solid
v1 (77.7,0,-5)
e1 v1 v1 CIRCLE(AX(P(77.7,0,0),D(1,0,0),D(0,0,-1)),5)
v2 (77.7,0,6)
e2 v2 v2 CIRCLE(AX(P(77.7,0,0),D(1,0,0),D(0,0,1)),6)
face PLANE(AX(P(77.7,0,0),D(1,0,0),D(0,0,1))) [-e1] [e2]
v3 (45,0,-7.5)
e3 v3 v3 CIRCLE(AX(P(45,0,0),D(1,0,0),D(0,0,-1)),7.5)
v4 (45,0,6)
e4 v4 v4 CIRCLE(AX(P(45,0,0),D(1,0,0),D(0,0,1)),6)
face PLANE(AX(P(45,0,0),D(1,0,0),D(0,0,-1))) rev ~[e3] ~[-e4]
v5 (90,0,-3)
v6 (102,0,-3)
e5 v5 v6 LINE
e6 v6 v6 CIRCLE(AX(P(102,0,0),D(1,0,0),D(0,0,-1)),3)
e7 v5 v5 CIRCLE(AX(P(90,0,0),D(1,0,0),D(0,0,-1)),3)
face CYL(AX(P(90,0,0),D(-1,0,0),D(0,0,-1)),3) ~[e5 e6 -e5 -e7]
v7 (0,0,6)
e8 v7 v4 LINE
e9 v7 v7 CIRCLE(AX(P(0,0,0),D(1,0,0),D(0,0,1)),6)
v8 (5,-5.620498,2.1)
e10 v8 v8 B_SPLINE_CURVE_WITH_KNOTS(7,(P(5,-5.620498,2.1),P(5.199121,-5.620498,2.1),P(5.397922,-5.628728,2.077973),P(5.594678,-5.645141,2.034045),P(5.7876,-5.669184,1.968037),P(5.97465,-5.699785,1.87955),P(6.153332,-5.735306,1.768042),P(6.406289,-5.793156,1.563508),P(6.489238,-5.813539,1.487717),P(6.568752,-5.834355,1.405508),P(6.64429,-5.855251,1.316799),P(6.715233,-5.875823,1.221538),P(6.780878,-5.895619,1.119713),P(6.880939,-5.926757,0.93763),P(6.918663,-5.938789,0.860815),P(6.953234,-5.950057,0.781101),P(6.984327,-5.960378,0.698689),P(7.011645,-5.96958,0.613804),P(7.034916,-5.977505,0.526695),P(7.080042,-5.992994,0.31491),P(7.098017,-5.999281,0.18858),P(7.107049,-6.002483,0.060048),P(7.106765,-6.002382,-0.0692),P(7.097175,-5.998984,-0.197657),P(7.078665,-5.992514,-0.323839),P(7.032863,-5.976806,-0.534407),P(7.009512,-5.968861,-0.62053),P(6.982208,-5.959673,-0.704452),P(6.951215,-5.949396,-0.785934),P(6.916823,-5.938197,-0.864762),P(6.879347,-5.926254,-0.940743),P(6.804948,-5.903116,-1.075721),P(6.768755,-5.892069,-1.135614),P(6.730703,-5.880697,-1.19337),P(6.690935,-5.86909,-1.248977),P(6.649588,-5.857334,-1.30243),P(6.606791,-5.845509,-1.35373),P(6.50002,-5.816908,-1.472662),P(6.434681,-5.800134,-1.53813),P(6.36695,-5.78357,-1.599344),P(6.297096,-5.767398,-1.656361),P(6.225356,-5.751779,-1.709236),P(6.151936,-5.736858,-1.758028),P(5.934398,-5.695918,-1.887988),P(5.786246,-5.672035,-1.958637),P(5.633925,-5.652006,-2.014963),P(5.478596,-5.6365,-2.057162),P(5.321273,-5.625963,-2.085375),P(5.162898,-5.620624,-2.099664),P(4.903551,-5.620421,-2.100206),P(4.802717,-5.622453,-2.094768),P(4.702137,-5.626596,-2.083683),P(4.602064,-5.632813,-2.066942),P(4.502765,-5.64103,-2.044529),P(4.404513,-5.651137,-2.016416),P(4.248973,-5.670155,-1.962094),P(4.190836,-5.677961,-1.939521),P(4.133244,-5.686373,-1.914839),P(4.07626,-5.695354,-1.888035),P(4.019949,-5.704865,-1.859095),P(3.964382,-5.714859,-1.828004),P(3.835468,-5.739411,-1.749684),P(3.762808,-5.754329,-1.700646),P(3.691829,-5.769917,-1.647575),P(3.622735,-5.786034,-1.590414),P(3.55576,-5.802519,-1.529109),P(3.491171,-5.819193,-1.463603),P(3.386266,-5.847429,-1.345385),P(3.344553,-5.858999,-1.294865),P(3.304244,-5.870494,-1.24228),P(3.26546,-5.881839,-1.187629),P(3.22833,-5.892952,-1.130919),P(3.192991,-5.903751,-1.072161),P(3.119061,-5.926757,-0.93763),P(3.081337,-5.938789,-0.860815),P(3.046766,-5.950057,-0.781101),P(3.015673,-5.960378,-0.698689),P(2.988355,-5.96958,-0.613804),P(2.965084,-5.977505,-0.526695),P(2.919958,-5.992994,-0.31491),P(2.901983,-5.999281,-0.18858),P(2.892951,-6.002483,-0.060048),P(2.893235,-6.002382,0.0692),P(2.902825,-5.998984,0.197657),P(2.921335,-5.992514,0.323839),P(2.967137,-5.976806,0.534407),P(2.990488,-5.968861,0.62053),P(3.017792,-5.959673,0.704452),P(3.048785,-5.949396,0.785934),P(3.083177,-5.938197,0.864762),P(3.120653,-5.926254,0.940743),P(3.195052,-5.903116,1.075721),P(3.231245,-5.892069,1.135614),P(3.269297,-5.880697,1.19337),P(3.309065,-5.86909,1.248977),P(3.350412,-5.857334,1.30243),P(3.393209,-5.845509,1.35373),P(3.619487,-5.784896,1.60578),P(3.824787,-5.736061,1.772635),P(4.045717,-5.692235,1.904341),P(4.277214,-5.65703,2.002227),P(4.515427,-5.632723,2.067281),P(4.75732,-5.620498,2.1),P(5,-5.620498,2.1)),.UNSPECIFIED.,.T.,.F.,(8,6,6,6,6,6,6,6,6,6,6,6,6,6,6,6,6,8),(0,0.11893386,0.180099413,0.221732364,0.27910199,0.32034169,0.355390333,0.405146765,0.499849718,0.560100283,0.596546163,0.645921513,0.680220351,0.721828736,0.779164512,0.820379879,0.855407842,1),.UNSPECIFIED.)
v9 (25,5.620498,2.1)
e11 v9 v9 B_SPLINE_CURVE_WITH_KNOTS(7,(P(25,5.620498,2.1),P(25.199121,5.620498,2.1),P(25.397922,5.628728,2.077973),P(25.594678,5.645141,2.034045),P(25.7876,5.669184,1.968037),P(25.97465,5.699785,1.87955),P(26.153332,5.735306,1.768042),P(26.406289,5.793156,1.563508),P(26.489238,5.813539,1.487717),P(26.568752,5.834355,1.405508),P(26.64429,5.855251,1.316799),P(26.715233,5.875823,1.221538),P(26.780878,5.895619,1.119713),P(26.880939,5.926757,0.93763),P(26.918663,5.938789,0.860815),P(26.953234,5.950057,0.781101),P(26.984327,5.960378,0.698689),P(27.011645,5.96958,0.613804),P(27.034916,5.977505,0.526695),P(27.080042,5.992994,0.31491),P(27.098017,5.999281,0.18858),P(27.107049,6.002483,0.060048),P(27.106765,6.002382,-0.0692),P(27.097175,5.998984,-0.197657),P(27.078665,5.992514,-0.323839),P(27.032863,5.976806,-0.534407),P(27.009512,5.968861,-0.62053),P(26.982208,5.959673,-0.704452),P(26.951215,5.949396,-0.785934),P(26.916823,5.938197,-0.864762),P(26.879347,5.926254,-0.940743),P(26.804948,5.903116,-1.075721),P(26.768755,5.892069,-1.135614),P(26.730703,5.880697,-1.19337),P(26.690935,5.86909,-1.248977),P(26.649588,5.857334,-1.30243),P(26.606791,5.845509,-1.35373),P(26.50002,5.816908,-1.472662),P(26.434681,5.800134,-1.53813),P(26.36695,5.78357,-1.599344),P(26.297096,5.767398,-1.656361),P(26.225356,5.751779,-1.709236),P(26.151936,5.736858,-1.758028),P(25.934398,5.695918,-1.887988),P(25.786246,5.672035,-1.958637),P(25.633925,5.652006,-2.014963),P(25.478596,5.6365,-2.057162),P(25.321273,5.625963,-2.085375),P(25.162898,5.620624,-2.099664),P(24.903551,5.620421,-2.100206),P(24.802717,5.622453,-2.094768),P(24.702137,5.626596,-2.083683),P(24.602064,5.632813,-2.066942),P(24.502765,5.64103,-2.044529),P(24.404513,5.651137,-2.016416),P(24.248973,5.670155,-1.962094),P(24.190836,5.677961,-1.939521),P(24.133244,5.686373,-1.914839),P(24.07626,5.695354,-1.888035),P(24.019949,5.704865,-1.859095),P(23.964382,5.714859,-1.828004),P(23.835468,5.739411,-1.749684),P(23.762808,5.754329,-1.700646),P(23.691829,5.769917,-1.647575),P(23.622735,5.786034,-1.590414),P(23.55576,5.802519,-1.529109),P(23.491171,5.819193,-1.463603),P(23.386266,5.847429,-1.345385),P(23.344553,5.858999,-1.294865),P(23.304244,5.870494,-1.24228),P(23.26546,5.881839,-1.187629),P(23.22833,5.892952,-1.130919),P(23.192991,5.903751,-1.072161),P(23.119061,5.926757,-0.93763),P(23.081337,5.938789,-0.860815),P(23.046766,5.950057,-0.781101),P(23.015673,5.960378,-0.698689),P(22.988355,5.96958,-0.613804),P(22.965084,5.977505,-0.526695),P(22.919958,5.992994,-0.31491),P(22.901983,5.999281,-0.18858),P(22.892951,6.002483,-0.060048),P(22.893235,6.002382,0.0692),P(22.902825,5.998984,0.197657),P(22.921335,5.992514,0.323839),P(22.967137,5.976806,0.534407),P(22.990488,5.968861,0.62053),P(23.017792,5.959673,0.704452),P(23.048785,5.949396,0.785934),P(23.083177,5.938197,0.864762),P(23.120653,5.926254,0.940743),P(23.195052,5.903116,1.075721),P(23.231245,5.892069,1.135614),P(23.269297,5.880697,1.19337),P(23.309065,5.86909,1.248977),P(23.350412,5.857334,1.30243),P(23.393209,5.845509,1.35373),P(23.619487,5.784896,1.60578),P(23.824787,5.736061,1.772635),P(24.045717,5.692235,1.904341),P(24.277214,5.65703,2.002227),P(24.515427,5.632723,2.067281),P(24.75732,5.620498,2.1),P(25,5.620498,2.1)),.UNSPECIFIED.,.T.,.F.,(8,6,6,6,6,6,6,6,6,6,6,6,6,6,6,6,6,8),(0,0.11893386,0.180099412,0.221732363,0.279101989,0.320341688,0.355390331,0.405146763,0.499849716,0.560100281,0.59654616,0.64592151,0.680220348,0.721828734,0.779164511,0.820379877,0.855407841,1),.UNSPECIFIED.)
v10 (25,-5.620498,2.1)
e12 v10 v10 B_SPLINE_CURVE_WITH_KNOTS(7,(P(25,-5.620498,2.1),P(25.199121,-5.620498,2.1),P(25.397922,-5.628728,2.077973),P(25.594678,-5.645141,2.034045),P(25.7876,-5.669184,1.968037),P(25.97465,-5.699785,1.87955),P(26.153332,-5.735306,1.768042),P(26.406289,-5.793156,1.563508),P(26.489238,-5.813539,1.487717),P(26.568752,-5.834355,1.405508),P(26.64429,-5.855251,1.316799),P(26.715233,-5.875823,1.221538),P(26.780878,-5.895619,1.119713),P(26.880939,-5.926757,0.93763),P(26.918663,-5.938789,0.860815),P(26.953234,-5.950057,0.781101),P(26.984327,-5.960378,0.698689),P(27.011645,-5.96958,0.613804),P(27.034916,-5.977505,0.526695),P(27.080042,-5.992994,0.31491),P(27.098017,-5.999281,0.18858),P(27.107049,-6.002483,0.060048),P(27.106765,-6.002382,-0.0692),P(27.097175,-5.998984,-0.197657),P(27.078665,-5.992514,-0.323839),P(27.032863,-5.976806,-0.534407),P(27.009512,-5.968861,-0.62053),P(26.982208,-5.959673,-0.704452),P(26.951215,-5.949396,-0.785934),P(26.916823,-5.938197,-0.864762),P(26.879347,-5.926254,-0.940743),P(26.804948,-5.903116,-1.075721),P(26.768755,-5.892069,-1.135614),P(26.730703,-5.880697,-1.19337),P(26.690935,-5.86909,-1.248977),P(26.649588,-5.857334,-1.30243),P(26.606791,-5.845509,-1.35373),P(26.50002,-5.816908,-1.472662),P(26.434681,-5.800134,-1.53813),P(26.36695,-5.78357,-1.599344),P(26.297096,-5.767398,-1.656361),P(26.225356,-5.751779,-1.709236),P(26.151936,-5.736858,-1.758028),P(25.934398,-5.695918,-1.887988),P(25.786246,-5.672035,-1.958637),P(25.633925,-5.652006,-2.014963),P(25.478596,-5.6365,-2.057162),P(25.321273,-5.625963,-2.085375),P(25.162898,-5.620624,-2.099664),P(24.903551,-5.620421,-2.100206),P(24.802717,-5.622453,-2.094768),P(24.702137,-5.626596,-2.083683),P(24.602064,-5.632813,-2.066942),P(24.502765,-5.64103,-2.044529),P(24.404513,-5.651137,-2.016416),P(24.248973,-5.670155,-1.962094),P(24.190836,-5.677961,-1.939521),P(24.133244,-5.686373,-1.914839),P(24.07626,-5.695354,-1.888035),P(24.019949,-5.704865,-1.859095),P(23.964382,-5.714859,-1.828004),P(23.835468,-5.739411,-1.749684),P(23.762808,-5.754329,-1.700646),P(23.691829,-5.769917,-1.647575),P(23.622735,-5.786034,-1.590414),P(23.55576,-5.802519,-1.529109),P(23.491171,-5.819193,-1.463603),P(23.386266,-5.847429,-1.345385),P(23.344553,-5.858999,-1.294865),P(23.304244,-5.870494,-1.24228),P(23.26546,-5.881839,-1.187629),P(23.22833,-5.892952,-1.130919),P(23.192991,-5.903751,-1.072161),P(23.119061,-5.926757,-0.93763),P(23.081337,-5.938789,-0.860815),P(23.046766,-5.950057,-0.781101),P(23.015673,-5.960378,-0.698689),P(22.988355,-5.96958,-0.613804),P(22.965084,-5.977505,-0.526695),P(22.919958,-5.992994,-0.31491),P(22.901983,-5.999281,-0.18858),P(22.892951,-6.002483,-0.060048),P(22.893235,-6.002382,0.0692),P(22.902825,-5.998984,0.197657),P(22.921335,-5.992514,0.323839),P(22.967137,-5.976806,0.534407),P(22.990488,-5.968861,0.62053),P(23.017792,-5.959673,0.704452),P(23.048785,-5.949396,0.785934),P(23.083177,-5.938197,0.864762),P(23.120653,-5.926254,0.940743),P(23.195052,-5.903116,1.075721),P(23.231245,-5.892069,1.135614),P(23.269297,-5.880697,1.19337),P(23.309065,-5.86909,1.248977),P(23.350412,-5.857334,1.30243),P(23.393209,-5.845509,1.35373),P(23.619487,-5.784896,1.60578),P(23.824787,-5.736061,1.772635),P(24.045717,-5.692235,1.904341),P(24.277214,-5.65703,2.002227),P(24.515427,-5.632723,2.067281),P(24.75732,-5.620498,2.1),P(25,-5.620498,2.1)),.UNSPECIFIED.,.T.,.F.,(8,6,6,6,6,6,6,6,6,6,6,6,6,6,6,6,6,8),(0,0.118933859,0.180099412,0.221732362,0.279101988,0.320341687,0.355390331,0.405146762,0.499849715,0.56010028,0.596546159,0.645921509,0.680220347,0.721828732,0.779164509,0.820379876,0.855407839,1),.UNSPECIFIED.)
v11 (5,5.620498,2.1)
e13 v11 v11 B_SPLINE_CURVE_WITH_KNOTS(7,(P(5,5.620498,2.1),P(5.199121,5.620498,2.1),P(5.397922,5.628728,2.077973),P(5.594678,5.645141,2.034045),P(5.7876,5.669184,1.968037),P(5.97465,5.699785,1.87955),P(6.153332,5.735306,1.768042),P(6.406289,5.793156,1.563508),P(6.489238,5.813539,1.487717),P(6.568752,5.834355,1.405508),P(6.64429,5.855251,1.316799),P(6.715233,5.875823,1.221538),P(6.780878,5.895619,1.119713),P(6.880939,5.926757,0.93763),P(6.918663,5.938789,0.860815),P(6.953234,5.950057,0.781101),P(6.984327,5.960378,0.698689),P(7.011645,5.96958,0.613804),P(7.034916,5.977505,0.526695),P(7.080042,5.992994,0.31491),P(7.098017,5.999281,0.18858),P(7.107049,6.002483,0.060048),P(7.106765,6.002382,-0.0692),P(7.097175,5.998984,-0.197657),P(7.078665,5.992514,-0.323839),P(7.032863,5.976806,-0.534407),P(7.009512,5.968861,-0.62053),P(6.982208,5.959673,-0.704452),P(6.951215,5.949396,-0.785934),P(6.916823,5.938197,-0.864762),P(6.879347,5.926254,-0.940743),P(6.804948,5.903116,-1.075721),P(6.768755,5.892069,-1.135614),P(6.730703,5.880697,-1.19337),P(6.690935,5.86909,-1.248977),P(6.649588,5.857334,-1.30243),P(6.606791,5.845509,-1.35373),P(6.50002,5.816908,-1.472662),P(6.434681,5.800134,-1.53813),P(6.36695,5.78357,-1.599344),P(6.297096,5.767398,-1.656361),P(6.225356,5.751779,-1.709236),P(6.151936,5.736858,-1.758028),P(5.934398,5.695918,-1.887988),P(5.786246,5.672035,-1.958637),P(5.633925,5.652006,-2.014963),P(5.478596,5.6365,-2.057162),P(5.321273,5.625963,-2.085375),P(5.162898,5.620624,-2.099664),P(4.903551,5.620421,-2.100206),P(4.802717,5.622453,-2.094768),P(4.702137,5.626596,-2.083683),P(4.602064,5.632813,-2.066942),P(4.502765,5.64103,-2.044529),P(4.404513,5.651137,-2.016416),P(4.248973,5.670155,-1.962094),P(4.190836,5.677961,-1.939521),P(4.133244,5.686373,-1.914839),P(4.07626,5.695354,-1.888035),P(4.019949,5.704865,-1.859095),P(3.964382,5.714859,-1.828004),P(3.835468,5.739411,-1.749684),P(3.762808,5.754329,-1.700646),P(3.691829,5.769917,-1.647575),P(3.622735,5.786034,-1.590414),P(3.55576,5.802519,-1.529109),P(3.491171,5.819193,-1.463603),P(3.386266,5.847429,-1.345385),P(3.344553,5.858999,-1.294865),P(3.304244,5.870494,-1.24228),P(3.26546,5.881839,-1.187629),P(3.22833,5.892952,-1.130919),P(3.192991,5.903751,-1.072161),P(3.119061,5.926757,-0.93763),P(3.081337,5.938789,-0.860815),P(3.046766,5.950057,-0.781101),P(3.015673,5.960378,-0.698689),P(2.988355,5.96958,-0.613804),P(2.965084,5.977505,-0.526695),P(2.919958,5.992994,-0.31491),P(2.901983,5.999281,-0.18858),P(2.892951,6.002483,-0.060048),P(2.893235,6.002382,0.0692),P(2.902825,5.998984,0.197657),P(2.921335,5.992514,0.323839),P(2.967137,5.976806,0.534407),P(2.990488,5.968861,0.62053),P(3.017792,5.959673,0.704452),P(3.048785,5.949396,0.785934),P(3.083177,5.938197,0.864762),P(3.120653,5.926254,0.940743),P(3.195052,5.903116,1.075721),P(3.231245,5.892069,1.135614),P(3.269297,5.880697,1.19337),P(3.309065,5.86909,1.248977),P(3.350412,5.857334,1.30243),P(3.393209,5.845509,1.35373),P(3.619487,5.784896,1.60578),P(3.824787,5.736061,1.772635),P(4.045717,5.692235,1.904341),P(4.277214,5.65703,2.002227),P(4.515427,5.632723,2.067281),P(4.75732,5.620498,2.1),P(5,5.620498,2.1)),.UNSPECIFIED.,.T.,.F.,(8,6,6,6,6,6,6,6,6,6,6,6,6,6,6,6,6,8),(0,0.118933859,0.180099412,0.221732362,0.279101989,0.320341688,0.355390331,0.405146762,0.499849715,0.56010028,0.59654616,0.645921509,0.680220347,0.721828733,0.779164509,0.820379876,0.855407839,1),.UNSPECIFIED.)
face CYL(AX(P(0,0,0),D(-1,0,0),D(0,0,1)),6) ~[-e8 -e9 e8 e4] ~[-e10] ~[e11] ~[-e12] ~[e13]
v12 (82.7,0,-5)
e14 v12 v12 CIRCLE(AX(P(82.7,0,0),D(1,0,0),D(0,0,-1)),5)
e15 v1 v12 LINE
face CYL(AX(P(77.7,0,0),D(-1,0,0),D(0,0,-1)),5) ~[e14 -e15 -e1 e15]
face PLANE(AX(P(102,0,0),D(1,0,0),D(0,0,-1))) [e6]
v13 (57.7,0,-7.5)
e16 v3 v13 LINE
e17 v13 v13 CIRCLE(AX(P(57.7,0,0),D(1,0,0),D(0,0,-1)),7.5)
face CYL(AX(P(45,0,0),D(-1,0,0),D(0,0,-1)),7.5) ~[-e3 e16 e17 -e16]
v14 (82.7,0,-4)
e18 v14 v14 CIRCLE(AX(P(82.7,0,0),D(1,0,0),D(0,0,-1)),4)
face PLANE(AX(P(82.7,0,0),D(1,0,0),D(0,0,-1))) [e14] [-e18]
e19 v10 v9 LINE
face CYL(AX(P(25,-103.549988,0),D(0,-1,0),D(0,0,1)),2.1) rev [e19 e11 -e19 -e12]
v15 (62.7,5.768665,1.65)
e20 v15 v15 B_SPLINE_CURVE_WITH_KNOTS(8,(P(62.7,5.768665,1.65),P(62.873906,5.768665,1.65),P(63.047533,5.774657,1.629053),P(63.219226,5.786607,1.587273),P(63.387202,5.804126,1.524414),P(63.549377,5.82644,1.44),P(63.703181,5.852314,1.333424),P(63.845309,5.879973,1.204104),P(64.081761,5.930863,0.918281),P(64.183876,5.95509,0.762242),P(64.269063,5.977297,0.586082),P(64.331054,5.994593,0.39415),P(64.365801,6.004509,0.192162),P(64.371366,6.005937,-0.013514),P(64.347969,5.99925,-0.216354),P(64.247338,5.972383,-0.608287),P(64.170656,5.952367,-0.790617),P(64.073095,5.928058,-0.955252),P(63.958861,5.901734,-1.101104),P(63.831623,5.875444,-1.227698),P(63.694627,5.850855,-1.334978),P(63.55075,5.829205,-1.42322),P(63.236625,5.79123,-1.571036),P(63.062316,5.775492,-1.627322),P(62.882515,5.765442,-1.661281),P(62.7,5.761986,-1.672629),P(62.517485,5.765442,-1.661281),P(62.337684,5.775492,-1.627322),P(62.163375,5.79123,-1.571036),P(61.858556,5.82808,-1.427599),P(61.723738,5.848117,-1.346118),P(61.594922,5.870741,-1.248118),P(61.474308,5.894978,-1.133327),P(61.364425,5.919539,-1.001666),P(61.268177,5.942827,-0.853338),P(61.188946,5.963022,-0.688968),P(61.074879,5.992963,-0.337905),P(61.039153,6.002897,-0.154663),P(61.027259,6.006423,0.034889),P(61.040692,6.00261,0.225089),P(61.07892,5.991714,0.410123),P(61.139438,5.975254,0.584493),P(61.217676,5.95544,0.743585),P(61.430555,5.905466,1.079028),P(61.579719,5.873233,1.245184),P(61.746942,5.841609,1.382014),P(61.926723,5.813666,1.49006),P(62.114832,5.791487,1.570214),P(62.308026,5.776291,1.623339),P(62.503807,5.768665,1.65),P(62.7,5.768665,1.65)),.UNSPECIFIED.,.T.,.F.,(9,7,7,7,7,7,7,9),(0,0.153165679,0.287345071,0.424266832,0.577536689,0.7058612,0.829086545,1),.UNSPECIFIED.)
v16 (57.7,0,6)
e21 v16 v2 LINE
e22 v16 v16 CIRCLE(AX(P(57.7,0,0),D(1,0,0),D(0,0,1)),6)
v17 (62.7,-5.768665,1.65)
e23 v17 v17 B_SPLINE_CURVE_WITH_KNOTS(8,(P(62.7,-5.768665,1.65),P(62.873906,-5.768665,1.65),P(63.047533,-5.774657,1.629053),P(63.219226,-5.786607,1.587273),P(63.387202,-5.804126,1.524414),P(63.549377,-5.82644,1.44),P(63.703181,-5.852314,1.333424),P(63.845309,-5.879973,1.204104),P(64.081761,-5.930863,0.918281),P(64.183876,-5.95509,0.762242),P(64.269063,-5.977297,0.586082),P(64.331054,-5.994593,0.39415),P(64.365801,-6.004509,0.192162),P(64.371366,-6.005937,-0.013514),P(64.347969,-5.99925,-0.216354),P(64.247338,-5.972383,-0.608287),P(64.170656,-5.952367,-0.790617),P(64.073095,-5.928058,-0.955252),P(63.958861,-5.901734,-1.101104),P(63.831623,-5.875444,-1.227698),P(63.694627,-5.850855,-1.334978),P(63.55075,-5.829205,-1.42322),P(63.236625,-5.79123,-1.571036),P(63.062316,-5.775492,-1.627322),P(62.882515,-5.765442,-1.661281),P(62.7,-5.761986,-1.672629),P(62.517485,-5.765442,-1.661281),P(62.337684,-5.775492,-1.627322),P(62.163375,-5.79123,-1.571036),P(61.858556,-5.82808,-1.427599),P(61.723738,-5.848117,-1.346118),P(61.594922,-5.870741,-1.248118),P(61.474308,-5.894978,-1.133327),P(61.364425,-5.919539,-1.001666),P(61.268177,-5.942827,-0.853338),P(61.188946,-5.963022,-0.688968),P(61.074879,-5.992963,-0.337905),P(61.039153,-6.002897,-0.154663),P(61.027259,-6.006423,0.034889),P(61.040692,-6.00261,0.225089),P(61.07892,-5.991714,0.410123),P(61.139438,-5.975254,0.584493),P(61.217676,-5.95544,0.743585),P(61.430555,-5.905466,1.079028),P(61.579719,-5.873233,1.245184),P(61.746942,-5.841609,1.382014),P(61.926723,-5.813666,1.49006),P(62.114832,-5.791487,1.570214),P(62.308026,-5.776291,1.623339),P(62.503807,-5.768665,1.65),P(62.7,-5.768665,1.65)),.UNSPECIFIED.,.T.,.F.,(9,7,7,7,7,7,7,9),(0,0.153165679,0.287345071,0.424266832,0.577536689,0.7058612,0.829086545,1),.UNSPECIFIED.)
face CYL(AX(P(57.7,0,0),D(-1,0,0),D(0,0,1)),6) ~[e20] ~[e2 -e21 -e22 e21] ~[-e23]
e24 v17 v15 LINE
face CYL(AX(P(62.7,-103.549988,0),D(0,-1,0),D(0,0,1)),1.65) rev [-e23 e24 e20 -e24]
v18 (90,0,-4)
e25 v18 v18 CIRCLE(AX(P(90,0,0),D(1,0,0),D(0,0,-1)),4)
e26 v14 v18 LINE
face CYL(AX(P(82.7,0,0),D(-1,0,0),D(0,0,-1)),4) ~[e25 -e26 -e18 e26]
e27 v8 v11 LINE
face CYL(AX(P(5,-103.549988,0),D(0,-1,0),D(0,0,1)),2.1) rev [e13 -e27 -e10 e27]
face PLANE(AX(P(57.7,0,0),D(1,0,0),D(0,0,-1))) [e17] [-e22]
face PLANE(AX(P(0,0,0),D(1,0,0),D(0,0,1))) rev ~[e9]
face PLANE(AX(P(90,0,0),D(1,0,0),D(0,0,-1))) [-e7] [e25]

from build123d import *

# Parameters (mm, degrees)
SKETCH_1_R               = 6
EXTRUDE_1_DEPTH          = 45
SKETCH_2_R               = 7.5
EXTRUDE_2_DEPTH          = 12.7
SKETCH_3_R               = 6
EXTRUDE_3_DEPTH          = 20
SKETCH_4_R               = 5
EXTRUDE_4_DEPTH          = 5
SKETCH_5_R               = 4
EXTRUDE_5_DEPTH          = 7.3
SKETCH_6_R               = 3
EXTRUDE_6_DEPTH          = 12
CUT_EXTRUDE_1_DEPTH      = 103.549987811
CUT_EXTRUDE_1_DEPTH_BACK = 103.549987811
SKETCH_7_R               = 2.1
CUT_EXTRUDE_2_DEPTH      = 103.549987811
CUT_EXTRUDE_2_DEPTH_BACK = 103.549987811
SKETCH_8_R               = 1.65


with BuildPart() as part:
    # ｽｹｯﾁ1 → ﾎﾞｽ - 押し出し1 (new body)
    with BuildSketch(Plane(origin=(0, 0, 0), x_dir=(0, 0, -1), z_dir=(1, 0, 0))):
        with Locations(Location((0, 0, 0), (0, 0, 180))):
            Circle(SKETCH_1_R)
    extrude(amount=EXTRUDE_1_DEPTH)

    # ｽｹｯﾁ2 → ﾎﾞｽ - 押し出し2 (add)
    with BuildSketch(Plane(origin=(45, 0, 0), x_dir=(0, 0, -1), z_dir=(1, 0, 0))):
        Circle(SKETCH_2_R)
    extrude(amount=EXTRUDE_2_DEPTH)

    # ｽｹｯﾁ3 → ﾎﾞｽ - 押し出し3 (add)
    with BuildSketch(Plane(origin=(57.7, 0, 0), x_dir=(0, 0, -1), z_dir=(1, 0, 0))):
        with Locations(Location((0, 0, 0), (0, 0, 180))):
            Circle(SKETCH_3_R)
    extrude(amount=EXTRUDE_3_DEPTH)

    # ｽｹｯﾁ4 → ﾎﾞｽ - 押し出し4 (add)
    with BuildSketch(Plane(origin=(77.7, 0, 0), x_dir=(0, 0, -1), z_dir=(1, 0, 0))):
        Circle(SKETCH_4_R)
    extrude(amount=EXTRUDE_4_DEPTH)

    # ｽｹｯﾁ5 → ﾎﾞｽ - 押し出し5 (add)
    with BuildSketch(Plane(origin=(82.7, 0, 0), x_dir=(0, 0, -1), z_dir=(1, 0, 0))):
        Circle(SKETCH_5_R)
    extrude(amount=EXTRUDE_5_DEPTH)

    # ｽｹｯﾁ6 → ﾎﾞｽ - 押し出し6 (add)
    with BuildSketch(Plane(origin=(90, 0, 0), x_dir=(0, 0, -1), z_dir=(1, 0, 0))):
        Circle(SKETCH_6_R)
    extrude(amount=EXTRUDE_6_DEPTH)

    # ｽｹｯﾁ7 → ｶｯﾄ - 押し出し1 (cut, two sides: drawn at the far end of the back side and taken through both)
    with BuildSketch(Plane(origin=(0, 0, 0), x_dir=(1, 0, 0), z_dir=(0, 1, 0)).offset(-CUT_EXTRUDE_1_DEPTH_BACK)):
        with Locations(Location((25, 0, 0), (0, 0, 270))):
            Circle(SKETCH_7_R)
        with Locations(Location((5, 0, 0), (0, 0, 270))):
            Circle(SKETCH_7_R)
    extrude(amount=CUT_EXTRUDE_1_DEPTH + CUT_EXTRUDE_1_DEPTH_BACK, mode=Mode.SUBTRACT)

    # ｽｹｯﾁ8 → ｶｯﾄ - 押し出し2 (cut, two sides: drawn at the far end of the back side and taken through both)
    with BuildSketch(Plane(origin=(0, 0, 0), x_dir=(1, 0, 0), z_dir=(0, 1, 0)).offset(-CUT_EXTRUDE_2_DEPTH_BACK)):
        with Locations(Location((62.7, 0, 0), (0, 0, 270))):
            Circle(SKETCH_8_R)
    extrude(amount=CUT_EXTRUDE_2_DEPTH + CUT_EXTRUDE_2_DEPTH_BACK, mode=Mode.SUBTRACT)


solid = part.part
